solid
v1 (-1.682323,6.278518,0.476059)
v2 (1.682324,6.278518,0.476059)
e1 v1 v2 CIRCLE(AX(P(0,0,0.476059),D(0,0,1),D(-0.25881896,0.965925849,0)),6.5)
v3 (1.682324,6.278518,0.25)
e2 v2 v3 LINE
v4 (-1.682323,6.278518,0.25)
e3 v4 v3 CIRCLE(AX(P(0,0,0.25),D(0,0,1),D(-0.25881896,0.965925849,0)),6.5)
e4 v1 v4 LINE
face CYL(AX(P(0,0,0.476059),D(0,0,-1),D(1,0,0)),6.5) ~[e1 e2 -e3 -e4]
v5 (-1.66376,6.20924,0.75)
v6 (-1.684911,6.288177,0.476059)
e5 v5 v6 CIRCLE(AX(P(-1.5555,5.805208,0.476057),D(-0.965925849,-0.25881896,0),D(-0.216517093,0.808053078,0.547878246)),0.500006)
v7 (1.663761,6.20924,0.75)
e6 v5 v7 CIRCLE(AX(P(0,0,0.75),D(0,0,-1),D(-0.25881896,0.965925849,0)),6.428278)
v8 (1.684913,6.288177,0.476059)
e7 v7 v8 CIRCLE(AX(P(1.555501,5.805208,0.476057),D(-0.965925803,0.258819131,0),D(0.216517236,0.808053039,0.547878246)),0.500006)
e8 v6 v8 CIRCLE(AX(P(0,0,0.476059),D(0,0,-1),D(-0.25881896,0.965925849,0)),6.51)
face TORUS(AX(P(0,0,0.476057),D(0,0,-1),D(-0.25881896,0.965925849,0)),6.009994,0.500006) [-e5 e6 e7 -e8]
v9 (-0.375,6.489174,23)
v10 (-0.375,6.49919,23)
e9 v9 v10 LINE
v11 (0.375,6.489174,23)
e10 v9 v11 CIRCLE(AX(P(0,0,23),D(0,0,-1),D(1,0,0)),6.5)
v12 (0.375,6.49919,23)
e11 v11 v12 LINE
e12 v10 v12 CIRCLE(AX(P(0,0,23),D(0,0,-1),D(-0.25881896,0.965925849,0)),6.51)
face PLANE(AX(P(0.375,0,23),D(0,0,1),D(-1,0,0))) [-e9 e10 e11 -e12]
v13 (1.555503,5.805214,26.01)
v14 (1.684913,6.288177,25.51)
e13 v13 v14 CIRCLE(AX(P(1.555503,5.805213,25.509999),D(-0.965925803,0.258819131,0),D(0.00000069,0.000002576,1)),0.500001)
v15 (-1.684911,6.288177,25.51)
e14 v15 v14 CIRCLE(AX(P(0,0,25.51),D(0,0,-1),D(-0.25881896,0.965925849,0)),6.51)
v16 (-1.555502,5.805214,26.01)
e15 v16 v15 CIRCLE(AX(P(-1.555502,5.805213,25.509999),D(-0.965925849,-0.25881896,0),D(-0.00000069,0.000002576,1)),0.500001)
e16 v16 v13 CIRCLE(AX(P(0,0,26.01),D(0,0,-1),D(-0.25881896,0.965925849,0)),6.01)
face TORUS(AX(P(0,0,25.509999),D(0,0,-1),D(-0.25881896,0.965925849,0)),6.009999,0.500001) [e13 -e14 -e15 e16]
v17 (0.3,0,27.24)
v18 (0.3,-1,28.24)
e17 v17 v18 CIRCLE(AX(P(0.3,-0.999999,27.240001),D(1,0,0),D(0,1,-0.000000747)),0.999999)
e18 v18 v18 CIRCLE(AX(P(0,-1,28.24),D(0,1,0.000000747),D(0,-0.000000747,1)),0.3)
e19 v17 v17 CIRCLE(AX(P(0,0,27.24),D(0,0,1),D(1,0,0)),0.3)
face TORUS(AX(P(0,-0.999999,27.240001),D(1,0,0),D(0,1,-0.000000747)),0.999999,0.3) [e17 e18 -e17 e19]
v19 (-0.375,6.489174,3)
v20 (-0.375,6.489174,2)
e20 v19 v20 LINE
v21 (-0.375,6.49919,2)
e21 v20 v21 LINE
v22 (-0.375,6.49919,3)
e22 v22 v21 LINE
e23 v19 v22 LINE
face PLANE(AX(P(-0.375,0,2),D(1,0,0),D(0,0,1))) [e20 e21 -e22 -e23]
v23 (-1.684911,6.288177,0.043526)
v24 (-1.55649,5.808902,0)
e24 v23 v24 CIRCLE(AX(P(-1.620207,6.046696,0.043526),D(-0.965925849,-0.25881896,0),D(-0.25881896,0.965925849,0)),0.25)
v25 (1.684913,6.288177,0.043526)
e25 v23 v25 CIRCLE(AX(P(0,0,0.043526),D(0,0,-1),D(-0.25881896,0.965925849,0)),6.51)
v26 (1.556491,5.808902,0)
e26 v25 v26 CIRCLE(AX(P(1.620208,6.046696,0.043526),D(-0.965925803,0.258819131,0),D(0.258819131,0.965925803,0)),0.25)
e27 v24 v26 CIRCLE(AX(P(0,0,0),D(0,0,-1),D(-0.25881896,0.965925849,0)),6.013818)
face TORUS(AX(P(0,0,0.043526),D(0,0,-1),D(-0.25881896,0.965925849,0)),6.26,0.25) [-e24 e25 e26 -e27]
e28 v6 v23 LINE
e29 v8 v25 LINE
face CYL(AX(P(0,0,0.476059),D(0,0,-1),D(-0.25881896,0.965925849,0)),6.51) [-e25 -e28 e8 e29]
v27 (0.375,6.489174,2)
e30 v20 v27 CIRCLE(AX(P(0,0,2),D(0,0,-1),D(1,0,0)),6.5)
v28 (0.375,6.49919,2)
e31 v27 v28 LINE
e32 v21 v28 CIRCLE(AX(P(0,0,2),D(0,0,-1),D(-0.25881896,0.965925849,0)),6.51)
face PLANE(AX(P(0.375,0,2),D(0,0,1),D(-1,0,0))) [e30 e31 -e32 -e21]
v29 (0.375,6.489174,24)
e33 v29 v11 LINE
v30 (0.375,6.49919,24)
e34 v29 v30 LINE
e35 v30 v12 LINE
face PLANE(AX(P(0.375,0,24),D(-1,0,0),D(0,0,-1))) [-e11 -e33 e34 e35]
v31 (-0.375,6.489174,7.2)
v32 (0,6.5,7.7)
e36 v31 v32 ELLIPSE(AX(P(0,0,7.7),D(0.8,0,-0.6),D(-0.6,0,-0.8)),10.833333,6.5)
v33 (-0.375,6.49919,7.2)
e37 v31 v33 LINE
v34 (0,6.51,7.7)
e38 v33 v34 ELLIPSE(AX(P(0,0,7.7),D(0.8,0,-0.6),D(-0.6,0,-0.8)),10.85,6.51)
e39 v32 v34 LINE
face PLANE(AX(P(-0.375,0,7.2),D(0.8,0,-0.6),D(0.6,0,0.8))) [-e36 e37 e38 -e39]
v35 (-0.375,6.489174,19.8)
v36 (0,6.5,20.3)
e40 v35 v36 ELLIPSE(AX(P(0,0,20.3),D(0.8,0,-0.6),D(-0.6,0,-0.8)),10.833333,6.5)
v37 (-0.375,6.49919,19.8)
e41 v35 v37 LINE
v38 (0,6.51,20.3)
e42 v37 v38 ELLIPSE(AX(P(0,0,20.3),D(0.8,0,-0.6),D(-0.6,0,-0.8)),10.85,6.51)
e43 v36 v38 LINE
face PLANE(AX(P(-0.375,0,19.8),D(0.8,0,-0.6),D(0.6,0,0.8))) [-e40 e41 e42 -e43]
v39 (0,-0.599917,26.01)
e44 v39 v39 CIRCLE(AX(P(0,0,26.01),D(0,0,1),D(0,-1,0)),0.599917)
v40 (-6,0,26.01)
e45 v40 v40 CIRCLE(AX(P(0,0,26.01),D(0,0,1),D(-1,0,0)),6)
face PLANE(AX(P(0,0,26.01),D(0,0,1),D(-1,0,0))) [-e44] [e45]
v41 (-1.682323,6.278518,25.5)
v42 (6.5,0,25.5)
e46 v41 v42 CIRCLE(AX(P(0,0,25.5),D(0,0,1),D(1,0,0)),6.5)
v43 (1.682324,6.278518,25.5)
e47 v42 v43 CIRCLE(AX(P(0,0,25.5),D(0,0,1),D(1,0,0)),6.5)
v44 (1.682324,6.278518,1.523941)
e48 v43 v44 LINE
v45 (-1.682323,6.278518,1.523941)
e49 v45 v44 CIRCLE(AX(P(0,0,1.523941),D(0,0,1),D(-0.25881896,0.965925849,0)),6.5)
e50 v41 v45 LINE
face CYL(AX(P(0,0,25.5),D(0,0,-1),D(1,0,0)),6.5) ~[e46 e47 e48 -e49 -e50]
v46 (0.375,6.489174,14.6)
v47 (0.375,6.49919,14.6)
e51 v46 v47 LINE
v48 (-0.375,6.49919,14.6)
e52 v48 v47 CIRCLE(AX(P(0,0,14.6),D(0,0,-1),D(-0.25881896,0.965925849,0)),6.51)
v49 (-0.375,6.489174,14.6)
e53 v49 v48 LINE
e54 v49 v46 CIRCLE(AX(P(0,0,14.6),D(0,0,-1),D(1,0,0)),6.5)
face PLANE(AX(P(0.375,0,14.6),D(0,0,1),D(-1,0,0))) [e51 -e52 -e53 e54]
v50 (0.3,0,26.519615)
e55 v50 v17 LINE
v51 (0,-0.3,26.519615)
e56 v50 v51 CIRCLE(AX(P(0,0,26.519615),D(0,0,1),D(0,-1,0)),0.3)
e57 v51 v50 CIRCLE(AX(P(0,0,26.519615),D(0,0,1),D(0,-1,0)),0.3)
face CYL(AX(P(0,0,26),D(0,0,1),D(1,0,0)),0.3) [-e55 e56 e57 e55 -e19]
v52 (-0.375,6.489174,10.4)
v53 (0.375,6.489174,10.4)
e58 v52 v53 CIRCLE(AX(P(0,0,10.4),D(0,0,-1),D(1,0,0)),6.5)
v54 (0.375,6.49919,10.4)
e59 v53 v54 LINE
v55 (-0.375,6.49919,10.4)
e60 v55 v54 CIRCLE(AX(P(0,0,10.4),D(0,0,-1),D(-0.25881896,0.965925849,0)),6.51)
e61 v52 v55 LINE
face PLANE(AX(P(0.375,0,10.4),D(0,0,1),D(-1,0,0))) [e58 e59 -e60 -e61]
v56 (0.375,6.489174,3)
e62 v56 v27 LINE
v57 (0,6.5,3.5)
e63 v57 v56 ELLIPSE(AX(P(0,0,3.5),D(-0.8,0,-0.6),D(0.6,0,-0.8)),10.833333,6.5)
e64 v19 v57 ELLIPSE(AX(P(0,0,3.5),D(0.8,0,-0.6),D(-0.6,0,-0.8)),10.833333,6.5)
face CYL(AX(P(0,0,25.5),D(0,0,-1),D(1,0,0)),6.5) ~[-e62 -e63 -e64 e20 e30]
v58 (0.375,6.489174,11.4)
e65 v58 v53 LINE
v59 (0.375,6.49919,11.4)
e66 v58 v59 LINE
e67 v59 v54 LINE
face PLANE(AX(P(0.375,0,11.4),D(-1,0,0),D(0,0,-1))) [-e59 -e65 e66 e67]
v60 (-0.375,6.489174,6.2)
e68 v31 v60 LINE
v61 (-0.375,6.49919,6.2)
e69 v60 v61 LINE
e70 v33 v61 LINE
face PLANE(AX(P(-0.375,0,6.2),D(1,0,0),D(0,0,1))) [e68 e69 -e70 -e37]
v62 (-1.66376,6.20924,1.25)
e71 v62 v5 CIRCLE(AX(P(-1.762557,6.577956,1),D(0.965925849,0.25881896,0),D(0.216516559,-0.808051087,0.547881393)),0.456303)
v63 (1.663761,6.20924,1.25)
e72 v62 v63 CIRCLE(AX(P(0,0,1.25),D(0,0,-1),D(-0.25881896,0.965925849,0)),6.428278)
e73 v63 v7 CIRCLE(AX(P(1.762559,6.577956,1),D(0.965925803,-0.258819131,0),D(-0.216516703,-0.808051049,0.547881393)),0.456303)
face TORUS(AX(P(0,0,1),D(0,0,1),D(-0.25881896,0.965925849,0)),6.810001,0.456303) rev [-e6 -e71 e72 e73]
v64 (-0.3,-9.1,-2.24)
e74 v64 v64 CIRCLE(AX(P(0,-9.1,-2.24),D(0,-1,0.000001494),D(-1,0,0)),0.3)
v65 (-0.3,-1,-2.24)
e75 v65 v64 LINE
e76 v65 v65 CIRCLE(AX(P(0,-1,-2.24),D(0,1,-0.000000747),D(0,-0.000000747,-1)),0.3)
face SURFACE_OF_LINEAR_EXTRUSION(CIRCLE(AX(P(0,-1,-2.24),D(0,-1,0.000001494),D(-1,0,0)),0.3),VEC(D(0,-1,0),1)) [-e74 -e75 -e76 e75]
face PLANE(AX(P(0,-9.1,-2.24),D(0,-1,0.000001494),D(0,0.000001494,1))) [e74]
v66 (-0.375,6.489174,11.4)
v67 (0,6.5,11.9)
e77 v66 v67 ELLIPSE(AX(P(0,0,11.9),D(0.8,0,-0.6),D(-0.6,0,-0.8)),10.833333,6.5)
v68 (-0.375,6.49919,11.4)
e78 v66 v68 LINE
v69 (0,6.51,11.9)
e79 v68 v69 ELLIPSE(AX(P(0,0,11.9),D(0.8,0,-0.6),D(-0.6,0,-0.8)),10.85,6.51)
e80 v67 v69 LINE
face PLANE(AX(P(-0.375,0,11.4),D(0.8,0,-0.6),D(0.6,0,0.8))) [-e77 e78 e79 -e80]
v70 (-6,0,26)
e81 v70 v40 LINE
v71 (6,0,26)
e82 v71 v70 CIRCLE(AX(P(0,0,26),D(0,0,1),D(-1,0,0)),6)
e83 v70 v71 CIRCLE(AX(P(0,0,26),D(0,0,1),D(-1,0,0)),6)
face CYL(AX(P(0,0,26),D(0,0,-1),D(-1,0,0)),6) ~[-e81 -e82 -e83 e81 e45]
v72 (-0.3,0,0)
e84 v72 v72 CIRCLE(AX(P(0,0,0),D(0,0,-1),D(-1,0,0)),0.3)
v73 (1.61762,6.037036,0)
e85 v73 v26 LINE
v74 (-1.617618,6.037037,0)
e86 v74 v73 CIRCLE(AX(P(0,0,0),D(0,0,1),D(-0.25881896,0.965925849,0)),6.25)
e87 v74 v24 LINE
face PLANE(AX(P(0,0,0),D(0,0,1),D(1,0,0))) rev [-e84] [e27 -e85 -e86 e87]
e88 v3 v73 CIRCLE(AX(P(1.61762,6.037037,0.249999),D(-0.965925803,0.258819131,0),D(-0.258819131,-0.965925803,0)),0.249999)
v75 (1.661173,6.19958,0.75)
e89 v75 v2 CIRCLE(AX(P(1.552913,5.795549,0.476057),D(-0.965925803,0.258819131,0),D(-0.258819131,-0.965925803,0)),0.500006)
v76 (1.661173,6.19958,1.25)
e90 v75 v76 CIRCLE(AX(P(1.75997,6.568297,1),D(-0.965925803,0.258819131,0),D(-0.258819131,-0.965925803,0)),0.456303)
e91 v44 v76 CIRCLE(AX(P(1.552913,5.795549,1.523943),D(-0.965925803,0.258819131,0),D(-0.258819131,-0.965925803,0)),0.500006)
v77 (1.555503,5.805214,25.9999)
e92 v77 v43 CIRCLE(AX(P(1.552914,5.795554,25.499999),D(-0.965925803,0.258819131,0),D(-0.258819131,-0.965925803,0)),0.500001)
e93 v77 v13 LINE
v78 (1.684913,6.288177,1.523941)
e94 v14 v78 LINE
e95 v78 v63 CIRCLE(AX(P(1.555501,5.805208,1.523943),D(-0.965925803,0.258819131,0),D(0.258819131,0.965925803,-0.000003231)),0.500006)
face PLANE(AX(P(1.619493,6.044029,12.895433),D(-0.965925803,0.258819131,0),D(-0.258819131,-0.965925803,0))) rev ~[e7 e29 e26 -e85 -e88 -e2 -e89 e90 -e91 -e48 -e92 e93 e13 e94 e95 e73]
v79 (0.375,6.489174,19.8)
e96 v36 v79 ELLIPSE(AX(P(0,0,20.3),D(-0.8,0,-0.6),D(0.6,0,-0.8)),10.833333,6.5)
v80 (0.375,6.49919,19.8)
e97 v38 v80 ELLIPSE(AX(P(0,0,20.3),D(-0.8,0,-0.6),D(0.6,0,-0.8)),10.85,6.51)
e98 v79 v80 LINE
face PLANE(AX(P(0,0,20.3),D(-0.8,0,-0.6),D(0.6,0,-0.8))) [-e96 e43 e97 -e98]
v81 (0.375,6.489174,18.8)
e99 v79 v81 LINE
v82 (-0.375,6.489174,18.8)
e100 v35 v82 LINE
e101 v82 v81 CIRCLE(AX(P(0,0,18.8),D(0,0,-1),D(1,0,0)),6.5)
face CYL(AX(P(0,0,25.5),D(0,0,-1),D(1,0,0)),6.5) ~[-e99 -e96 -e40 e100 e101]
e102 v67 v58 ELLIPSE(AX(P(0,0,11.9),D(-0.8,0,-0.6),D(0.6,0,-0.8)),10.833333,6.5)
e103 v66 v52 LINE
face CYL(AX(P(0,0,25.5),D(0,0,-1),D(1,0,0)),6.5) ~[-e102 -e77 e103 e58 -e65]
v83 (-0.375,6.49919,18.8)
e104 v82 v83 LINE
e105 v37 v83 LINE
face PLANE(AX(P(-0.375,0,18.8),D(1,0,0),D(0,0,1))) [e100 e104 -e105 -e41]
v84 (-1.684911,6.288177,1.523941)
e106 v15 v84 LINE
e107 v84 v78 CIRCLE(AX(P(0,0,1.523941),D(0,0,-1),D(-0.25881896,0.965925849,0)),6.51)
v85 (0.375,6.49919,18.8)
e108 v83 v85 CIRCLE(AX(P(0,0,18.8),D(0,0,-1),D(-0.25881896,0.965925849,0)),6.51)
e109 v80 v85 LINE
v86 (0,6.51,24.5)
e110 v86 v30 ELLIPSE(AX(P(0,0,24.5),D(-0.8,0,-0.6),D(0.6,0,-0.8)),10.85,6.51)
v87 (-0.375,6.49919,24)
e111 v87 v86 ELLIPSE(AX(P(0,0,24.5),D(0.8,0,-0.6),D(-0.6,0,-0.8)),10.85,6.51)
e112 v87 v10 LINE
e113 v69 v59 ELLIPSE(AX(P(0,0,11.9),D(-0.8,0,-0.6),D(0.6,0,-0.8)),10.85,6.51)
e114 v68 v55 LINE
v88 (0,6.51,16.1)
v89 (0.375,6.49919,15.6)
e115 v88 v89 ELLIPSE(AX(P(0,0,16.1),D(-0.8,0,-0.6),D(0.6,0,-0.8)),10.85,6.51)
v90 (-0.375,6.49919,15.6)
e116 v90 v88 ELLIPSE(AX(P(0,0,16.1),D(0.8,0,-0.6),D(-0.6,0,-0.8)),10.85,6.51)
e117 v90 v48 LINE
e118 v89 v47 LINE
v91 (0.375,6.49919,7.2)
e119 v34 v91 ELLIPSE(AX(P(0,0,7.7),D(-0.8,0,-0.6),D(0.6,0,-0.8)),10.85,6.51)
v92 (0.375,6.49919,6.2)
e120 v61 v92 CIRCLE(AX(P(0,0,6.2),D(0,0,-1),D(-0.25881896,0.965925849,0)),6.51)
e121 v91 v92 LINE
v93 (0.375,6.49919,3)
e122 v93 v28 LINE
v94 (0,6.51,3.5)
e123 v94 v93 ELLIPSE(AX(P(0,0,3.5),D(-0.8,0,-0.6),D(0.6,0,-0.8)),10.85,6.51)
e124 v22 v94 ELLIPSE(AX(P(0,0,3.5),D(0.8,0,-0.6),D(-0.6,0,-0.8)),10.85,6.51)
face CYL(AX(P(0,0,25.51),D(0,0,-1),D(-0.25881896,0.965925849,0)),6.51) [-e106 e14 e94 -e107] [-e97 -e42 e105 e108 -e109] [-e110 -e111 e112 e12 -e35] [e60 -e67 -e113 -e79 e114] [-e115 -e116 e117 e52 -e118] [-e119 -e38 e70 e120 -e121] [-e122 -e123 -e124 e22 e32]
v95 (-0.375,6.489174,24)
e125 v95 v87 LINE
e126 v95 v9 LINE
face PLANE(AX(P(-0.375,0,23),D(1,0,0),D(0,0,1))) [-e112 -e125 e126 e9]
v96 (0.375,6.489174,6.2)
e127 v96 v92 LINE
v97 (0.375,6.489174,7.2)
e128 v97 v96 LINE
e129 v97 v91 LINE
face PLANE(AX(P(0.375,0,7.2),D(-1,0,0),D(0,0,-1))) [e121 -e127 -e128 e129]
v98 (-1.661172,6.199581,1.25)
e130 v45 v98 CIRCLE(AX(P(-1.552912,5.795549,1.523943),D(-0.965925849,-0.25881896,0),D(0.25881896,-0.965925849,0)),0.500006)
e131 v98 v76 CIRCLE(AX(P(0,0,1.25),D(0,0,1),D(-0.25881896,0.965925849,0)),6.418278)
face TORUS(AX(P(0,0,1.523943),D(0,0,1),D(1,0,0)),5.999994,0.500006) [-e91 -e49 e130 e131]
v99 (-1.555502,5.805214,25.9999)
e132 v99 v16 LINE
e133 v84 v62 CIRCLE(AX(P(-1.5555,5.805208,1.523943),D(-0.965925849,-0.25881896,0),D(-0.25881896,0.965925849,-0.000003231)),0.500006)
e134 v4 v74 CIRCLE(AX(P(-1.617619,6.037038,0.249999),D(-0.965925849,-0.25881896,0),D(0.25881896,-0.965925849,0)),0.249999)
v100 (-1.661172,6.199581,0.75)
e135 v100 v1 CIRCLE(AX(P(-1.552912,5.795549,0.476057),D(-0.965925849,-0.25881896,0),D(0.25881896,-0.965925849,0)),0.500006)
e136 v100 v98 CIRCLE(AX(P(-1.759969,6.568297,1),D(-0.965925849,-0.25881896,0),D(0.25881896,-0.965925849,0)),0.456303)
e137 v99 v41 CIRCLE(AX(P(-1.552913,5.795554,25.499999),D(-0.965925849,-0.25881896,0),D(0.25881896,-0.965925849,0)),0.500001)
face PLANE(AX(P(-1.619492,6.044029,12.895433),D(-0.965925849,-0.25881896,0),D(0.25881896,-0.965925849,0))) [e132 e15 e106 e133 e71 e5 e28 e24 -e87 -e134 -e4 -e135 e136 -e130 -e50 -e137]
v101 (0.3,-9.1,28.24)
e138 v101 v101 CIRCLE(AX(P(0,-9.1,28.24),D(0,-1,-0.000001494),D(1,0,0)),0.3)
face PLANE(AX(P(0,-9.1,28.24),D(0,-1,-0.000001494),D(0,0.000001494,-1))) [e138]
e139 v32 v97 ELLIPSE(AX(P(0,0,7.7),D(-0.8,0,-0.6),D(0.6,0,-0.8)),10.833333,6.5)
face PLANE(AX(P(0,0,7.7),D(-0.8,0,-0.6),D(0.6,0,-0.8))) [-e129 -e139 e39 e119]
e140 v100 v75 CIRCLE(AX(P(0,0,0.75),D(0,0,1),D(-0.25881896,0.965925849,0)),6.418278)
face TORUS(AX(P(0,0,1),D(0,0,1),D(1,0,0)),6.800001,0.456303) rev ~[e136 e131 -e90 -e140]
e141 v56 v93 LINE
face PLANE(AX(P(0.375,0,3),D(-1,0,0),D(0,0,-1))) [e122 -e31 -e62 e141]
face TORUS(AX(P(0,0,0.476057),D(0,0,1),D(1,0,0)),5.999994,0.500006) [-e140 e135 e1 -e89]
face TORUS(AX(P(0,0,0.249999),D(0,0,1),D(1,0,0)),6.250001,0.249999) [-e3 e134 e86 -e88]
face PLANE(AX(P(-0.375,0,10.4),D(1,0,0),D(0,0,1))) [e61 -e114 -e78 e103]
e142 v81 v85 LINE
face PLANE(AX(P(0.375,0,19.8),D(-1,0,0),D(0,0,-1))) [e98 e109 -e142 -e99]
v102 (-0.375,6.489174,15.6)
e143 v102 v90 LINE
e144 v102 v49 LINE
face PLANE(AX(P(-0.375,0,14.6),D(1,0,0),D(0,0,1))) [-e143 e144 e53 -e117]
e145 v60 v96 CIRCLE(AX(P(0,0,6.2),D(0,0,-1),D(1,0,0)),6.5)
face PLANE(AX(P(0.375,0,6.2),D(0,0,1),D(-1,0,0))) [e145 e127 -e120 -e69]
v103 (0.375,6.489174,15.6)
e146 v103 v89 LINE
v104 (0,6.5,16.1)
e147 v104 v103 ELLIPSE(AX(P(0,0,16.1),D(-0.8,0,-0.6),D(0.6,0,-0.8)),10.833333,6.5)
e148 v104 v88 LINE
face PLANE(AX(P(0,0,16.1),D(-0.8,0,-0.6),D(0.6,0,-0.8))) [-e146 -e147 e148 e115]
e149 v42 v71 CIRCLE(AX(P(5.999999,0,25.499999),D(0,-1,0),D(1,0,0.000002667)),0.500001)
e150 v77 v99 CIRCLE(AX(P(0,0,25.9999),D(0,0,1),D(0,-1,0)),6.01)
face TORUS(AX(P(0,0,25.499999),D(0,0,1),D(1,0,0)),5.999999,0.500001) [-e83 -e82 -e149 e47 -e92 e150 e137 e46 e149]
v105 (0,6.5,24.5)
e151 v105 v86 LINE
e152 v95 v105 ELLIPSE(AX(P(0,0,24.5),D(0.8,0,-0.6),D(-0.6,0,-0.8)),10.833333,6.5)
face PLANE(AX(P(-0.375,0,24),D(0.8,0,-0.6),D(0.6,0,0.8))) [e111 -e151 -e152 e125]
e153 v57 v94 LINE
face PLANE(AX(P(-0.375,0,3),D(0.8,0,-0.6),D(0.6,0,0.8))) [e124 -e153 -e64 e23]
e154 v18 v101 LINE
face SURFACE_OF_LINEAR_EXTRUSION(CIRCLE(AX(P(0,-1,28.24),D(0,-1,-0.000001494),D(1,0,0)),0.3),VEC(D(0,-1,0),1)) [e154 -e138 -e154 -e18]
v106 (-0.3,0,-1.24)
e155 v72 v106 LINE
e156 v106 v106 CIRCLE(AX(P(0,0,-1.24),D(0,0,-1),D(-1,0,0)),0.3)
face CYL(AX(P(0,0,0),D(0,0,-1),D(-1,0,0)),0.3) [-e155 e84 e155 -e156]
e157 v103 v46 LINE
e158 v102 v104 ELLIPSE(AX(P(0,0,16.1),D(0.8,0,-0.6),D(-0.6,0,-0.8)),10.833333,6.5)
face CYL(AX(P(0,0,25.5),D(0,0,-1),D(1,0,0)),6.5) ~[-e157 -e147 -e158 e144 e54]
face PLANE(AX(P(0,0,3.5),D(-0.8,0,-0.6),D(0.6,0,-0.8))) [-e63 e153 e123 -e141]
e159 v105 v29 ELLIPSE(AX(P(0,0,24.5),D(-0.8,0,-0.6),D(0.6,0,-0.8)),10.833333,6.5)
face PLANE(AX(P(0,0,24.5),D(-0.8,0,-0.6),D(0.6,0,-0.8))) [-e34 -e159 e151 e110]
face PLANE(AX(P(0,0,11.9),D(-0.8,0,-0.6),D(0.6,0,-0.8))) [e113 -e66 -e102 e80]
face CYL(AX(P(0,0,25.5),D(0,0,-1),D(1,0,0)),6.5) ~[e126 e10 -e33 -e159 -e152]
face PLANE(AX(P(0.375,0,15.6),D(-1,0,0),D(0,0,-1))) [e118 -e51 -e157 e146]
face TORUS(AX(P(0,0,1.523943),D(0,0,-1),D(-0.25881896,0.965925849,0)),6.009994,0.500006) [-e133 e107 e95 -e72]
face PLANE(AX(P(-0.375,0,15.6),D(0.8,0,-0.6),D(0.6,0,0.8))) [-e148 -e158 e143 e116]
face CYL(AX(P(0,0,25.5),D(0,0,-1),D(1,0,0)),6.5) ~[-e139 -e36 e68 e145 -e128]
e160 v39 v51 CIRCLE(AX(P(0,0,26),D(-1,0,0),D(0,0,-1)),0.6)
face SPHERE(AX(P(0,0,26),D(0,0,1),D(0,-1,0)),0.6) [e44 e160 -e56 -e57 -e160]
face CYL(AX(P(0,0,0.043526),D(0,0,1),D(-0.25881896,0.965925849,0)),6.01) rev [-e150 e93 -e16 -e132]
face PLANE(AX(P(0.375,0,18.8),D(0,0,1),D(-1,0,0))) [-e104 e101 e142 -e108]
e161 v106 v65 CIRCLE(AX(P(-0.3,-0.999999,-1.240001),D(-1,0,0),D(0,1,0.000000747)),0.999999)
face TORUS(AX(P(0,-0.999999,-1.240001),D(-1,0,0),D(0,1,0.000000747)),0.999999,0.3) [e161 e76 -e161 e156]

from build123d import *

# Parameters (mm, degrees)
SKETCH011_R             = 0.3
BODY007_PLACEMENT_ANGLE = 180
REVOLUTION001_ANGLE     = -30
POCKET_DEPTH            = 6.511
LINEARPATTERN_COUNT     = 6
LINEARPATTERN_PITCH     = 4.2
SKETCH012_R             = 6
PAD_DEPTH               = 0.01
BODY008_PLACEMENT_ANGLE = 90


with BuildPart() as lead:
    # AdditivePipe: sweep along a path in Sketch010
    with BuildLine(Plane(origin=(0, 0, 0), x_dir=(0, -1, 0), z_dir=(-1, 0, 0))) as additivepipe_path:
        Line((0, 26), (0, 27.24))
        ThreePointArc((0, 27.24), (0.292893, 27.947107), (1, 28.24))
        Line((1, 28.24), (9.1, 28.24))
    # Sketch011 → AdditivePipe (sweep)
    with BuildSketch(Plane.XY.offset(26)):
        Circle(SKETCH011_R)
    sweep(path=additivepipe_path.line)


with BuildPart() as leadclone:
    # Body007 base: copy of Lead
    add(lead.part)


with BuildPart() as leadclone_1:
    # Body007 placement: moved
    add(leadclone.part.moved(Location((0, 0, 26))).rotate(Axis((0, 0, 26), (0, 1, 0)), BODY007_PLACEMENT_ANGLE))


with BuildPart() as polaritymarking:
    # Sketch005 → Revolution001 (revolve)
    with BuildSketch(Plane(origin=(0, 0, 0), x_dir=(-0.258819, 0.965926, 0), z_dir=(0.965926, 0.258819, 0))):
        with BuildLine():
            Line((6.01, 0.043526), (6.01, 26.01))
            ThreePointArc((6.01, 26.01), (6.363553, 25.863553), (6.51, 25.51))
            Line((6.51, 25.51), (6.51, 1.523941))
            ThreePointArc((6.51, 1.523941), (6.489134, 1.381006), (6.428278, 1.25))
            ThreePointArc((6.428278, 1.25), (6.353698, 1), (6.428278, 0.75))
            ThreePointArc((6.428278, 0.75), (6.489134, 0.618994), (6.51, 0.476059))
            Line((6.51, 0.476059), (6.51, 0.043526))
            ThreePointArc((6.51, 0.043526), (6.26, -0.206474), (6.01, 0.043526))
        make_face()
    revolve(axis=Axis((0, 0, 0), (0, 0, 1)), revolution_arc=REVOLUTION001_ANGLE)

    # Sketch013 → Pocket (cut, through all)
    with BuildSketch(Plane.XZ):
        Polygon((0.375, 2), (-0.375, 2), (-0.375, 3), (0, 3.5), (0.375, 3), align=None)
    pocket = extrude(amount=-POCKET_DEPTH, mode=Mode.SUBTRACT)

    # LinearPattern: Pocket ×6
    with Locations(*[(0, 0, i * LINEARPATTERN_PITCH) for i in range(1, LINEARPATTERN_COUNT)]):
        add(pocket, mode=Mode.SUBTRACT)


with BuildPart() as housing:
    # Sketch → Revolution (revolve)
    with BuildSketch(Plane.XZ):
        with BuildLine():
            Line((0, 26), (6, 26))
            ThreePointArc((6.5, 25.5), (6.353553, 25.853553), (6, 26))
            Line((6.5, 25.5), (6.5, 1.523941))
            ThreePointArc((6.418278, 1.25), (6.479134, 1.381006), (6.5, 1.523941))
            ThreePointArc((6.418278, 1.25), (6.343698, 1), (6.418278, 0.75))
            ThreePointArc((6.5, 0.476059), (6.479134, 0.618994), (6.418278, 0.75))
            Line((6.5, 0.476059), (6.5, 0.25))
            ThreePointArc((6.25, 0), (6.426777, 0.073223), (6.5, 0.25))
            Line((0, 0), (6.25, 0))
            Line((0, 26), (0, 0))
        make_face()
    revolve(axis=Axis((0, 0, 0), (0, 0, 1)))


with BuildPart() as fusion:
    # Sphere → Sphere (revolve)
    with BuildSketch(Plane.XZ):
        with BuildLine():
            ThreePointArc((0, -0.6), (0.6, 0), (0, 0.6))
            Line((0, 0.6), (0, -0.6))
        make_face()
    revolve(axis=Axis((0, 0, 0), (0, 0, 1)))

    # Sketch012 (on ShapeBinder) → Pad (new body)
    with BuildSketch(Plane(origin=(0, 0, 0), x_dir=(0, -1, 0), z_dir=(0, 0, 1))):
        Circle(SKETCH012_R)
    extrude(amount=PAD_DEPTH)


with BuildPart() as fusion_1:
    # Body008 placement: moved
    add(fusion.part.moved(Location((0, 0, 26))).rotate(Axis((0, 0, 26), (0, 0, -1)), BODY008_PLACEMENT_ANGLE))

    # Fusion: union LeadClone, Lead, PolarityMarking, Housing
    add(leadclone_1.part)
    add(lead.part)
    add(polaritymarking.part)
    add(housing.part)


solid = fusion_1.part
